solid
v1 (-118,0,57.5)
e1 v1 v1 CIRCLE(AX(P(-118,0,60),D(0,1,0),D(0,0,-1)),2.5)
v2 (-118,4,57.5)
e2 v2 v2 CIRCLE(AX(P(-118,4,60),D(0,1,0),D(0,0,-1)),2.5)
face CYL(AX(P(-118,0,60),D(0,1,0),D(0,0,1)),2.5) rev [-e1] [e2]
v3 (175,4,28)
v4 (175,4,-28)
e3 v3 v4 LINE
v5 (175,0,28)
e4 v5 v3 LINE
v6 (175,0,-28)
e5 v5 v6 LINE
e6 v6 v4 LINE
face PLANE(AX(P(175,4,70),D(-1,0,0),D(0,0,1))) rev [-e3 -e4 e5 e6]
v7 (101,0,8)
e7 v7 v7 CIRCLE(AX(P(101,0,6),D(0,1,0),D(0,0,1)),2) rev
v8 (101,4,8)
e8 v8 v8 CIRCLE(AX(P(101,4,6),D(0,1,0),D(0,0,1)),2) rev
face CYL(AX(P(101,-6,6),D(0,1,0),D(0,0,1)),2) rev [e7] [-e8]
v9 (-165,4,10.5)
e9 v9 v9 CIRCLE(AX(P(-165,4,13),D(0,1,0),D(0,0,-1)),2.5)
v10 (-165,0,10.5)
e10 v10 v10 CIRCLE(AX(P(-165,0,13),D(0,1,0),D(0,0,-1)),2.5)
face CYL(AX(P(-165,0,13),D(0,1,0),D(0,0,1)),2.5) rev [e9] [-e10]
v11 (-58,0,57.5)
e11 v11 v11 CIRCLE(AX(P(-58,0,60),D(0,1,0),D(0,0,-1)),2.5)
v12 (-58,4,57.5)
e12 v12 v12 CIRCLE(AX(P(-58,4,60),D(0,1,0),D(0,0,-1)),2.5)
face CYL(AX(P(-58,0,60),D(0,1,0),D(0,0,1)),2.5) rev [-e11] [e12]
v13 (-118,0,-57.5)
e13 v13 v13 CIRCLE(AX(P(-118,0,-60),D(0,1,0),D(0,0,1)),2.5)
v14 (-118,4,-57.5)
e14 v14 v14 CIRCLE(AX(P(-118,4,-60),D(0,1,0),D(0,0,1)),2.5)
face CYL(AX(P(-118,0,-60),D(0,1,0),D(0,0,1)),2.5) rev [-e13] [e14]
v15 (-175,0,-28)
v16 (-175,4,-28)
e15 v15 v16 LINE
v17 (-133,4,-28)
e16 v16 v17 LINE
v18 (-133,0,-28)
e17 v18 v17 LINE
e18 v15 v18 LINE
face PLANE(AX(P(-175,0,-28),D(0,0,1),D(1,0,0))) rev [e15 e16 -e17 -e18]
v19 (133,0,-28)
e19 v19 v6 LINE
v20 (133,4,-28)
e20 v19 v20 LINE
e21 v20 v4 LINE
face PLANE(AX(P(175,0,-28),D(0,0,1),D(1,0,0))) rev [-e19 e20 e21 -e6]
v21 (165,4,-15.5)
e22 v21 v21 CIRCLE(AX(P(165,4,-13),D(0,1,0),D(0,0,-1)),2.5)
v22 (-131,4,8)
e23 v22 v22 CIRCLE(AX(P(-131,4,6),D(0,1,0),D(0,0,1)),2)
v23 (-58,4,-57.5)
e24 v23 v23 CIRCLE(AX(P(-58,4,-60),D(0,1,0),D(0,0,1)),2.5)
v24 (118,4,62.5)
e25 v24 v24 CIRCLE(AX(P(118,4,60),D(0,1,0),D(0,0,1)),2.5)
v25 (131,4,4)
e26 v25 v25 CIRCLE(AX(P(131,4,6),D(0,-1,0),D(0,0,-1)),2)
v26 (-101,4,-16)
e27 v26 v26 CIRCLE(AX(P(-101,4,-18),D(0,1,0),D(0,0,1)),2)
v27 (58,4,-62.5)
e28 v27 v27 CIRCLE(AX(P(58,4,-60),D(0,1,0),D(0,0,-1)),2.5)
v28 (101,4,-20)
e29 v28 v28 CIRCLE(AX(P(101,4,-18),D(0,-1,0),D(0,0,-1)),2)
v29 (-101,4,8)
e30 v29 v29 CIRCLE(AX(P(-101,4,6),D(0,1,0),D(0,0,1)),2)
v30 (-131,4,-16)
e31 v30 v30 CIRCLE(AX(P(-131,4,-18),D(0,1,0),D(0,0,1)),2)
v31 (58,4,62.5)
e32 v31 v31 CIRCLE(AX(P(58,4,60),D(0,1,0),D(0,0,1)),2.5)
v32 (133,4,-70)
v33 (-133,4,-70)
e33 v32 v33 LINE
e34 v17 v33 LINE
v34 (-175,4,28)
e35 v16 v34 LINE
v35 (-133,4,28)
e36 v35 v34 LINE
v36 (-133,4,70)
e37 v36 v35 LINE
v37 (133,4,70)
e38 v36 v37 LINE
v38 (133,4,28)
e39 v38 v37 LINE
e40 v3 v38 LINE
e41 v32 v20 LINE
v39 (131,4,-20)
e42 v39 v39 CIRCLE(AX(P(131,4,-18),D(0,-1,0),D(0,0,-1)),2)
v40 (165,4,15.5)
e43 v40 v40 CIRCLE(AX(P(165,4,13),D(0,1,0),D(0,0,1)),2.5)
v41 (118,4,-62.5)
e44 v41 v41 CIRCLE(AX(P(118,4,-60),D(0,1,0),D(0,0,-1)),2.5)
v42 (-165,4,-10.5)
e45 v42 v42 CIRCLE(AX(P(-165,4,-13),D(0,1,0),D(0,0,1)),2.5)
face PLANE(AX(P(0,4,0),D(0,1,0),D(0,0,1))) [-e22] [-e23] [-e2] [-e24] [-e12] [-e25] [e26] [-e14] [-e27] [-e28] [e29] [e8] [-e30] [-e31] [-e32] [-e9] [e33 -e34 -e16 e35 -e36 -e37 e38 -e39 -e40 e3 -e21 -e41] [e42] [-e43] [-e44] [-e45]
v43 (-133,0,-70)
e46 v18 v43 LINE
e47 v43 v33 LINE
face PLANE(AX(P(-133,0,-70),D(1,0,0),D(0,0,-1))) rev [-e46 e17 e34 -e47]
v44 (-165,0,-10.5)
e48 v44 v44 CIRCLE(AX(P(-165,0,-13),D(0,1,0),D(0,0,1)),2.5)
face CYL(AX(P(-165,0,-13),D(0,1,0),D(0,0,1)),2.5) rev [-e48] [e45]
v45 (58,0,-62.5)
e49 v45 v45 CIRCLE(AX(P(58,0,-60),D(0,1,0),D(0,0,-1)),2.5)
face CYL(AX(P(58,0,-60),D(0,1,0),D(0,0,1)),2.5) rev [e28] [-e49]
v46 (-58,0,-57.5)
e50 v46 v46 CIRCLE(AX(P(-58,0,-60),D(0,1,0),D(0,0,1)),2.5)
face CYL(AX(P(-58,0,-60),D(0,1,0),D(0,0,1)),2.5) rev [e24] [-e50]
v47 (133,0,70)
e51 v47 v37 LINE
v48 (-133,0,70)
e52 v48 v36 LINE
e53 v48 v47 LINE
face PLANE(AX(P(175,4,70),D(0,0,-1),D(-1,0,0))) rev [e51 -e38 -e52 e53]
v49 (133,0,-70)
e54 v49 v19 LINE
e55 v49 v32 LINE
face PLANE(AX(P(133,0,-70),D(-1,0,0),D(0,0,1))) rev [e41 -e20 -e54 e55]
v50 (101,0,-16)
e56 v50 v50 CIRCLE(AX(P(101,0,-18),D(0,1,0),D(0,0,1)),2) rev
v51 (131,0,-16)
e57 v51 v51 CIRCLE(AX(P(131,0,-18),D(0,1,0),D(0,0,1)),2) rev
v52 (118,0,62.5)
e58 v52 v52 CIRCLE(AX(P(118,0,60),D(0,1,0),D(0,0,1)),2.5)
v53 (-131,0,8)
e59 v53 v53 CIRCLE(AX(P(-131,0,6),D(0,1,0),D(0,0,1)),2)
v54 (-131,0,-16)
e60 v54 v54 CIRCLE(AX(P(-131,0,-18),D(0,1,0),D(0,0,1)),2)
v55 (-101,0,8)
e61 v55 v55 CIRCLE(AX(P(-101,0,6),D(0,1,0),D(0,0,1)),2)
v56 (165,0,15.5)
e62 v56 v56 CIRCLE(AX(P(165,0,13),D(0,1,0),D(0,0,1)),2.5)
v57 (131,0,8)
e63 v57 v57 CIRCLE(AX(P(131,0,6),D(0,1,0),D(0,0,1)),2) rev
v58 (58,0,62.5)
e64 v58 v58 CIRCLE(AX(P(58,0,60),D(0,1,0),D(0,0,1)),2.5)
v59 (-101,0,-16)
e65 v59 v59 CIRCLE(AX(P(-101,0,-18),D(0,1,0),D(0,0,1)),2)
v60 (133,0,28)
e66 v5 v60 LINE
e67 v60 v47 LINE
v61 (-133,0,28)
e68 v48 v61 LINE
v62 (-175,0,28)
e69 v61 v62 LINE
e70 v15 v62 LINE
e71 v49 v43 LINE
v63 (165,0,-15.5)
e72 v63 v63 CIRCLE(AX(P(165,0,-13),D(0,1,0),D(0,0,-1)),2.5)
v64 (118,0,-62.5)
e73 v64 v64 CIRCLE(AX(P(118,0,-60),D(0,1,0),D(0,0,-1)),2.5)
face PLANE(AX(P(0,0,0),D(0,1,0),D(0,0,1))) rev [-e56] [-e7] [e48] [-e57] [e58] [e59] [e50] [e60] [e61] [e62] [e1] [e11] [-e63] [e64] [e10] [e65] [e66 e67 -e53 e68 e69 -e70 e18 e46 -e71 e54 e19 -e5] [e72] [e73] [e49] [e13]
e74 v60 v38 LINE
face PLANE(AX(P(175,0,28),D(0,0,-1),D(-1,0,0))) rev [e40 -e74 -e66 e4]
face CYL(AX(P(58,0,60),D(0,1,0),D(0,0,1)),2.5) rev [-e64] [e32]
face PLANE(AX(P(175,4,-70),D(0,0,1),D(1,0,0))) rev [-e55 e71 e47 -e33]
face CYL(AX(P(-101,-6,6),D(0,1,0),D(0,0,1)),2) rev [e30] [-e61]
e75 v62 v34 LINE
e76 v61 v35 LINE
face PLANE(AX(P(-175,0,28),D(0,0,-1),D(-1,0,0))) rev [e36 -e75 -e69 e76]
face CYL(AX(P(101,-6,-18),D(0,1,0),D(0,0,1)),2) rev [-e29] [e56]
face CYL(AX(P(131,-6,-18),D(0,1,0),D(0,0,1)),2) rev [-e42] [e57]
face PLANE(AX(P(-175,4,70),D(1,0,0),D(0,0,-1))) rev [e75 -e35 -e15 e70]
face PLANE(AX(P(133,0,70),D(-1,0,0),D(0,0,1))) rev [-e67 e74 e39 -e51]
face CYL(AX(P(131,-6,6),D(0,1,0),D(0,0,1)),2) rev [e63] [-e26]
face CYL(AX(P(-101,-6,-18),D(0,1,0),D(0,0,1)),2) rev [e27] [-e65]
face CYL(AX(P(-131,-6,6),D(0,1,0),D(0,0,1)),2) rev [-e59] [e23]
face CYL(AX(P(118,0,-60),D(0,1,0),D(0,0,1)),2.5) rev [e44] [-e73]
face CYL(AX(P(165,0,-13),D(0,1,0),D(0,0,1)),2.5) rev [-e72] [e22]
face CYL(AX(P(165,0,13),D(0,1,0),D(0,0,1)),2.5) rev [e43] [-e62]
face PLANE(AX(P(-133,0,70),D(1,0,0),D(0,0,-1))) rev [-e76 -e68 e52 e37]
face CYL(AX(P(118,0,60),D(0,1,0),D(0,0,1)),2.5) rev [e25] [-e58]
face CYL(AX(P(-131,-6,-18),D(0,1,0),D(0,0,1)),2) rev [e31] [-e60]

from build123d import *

# Parameters (mm, degrees)
SKETCH1_W           = 350
SKETCH1_H           = 140
BOSS_EXTRUDE1_DEPTH = 4
SKETCH2_R           = 2.5
SKETCH2_W           = 42
SKETCH2_H           = 42
CUT_EXTRUDE1_DEPTH  = 5
SKETCH3_R           = 2
CUT_EXTRUDE2_DEPTH  = 10


with BuildPart() as part:
    # Sketch1 → Boss-Extrude1 (new body)
    with BuildSketch(Plane(origin=(0, 0, 0), x_dir=(1, 0, 0), z_dir=(0, 1, 0))):
        Rectangle(SKETCH1_W, SKETCH1_H)
    extrude(amount=BOSS_EXTRUDE1_DEPTH)

    # Sketch2 → Cut-Extrude1 (cut, through all)
    with BuildSketch(Plane(origin=(0, 4, 0), x_dir=(1, 0, 0), z_dir=(0, 1, 0))):
        with Locations((-165, 13)):
            Circle(SKETCH2_R)
        with Locations((-165, -13)):
            Circle(SKETCH2_R)
        with Locations((165, -13)):
            Circle(SKETCH2_R)
        with Locations((165, 13)):
            Circle(SKETCH2_R)
        with Locations((-118, 60)):
            Circle(SKETCH2_R)
        with Locations((-58, 60)):
            Circle(SKETCH2_R)
        with Locations((58, 60)):
            Circle(SKETCH2_R)
        with Locations((118, 60)):
            Circle(SKETCH2_R)
        with Locations((118, -60)):
            Circle(SKETCH2_R)
        with Locations((58, -60)):
            Circle(SKETCH2_R)
        with Locations((-58, -60)):
            Circle(SKETCH2_R)
        with Locations((-118, -60)):
            Circle(SKETCH2_R)
        with Locations((-154, -49)):
            Rectangle(SKETCH2_W, SKETCH2_H)
        with Locations((154, -49)):
            Rectangle(SKETCH2_W, SKETCH2_H)
        with Locations((154, 49)):
            Rectangle(SKETCH2_W, SKETCH2_H)
        with Locations((-154, 49)):
            Rectangle(SKETCH2_W, SKETCH2_H)
    extrude(amount=-CUT_EXTRUDE1_DEPTH, mode=Mode.SUBTRACT)

    # Sketch3 → Cut-Extrude2 (cut)
    with BuildSketch(Plane(origin=(0, 4, 0), x_dir=(1, 0, 0), z_dir=(0, 1, 0))):
        with Locations((-131, -6)):
            Circle(SKETCH3_R)
        with Locations((-101, -6)):
            Circle(SKETCH3_R)
        with Locations((-101, 18)):
            Circle(SKETCH3_R)
        with Locations((101, -6)):
            Circle(SKETCH3_R)
        with Locations((-131, 18)):
            Circle(SKETCH3_R)
        with Locations((101, 18)):
            Circle(SKETCH3_R)
        with Locations((131, 18)):
            Circle(SKETCH3_R)
        with Locations((131, -6)):
            Circle(SKETCH3_R)
    extrude(amount=-CUT_EXTRUDE2_DEPTH, mode=Mode.SUBTRACT)


solid = part.part
